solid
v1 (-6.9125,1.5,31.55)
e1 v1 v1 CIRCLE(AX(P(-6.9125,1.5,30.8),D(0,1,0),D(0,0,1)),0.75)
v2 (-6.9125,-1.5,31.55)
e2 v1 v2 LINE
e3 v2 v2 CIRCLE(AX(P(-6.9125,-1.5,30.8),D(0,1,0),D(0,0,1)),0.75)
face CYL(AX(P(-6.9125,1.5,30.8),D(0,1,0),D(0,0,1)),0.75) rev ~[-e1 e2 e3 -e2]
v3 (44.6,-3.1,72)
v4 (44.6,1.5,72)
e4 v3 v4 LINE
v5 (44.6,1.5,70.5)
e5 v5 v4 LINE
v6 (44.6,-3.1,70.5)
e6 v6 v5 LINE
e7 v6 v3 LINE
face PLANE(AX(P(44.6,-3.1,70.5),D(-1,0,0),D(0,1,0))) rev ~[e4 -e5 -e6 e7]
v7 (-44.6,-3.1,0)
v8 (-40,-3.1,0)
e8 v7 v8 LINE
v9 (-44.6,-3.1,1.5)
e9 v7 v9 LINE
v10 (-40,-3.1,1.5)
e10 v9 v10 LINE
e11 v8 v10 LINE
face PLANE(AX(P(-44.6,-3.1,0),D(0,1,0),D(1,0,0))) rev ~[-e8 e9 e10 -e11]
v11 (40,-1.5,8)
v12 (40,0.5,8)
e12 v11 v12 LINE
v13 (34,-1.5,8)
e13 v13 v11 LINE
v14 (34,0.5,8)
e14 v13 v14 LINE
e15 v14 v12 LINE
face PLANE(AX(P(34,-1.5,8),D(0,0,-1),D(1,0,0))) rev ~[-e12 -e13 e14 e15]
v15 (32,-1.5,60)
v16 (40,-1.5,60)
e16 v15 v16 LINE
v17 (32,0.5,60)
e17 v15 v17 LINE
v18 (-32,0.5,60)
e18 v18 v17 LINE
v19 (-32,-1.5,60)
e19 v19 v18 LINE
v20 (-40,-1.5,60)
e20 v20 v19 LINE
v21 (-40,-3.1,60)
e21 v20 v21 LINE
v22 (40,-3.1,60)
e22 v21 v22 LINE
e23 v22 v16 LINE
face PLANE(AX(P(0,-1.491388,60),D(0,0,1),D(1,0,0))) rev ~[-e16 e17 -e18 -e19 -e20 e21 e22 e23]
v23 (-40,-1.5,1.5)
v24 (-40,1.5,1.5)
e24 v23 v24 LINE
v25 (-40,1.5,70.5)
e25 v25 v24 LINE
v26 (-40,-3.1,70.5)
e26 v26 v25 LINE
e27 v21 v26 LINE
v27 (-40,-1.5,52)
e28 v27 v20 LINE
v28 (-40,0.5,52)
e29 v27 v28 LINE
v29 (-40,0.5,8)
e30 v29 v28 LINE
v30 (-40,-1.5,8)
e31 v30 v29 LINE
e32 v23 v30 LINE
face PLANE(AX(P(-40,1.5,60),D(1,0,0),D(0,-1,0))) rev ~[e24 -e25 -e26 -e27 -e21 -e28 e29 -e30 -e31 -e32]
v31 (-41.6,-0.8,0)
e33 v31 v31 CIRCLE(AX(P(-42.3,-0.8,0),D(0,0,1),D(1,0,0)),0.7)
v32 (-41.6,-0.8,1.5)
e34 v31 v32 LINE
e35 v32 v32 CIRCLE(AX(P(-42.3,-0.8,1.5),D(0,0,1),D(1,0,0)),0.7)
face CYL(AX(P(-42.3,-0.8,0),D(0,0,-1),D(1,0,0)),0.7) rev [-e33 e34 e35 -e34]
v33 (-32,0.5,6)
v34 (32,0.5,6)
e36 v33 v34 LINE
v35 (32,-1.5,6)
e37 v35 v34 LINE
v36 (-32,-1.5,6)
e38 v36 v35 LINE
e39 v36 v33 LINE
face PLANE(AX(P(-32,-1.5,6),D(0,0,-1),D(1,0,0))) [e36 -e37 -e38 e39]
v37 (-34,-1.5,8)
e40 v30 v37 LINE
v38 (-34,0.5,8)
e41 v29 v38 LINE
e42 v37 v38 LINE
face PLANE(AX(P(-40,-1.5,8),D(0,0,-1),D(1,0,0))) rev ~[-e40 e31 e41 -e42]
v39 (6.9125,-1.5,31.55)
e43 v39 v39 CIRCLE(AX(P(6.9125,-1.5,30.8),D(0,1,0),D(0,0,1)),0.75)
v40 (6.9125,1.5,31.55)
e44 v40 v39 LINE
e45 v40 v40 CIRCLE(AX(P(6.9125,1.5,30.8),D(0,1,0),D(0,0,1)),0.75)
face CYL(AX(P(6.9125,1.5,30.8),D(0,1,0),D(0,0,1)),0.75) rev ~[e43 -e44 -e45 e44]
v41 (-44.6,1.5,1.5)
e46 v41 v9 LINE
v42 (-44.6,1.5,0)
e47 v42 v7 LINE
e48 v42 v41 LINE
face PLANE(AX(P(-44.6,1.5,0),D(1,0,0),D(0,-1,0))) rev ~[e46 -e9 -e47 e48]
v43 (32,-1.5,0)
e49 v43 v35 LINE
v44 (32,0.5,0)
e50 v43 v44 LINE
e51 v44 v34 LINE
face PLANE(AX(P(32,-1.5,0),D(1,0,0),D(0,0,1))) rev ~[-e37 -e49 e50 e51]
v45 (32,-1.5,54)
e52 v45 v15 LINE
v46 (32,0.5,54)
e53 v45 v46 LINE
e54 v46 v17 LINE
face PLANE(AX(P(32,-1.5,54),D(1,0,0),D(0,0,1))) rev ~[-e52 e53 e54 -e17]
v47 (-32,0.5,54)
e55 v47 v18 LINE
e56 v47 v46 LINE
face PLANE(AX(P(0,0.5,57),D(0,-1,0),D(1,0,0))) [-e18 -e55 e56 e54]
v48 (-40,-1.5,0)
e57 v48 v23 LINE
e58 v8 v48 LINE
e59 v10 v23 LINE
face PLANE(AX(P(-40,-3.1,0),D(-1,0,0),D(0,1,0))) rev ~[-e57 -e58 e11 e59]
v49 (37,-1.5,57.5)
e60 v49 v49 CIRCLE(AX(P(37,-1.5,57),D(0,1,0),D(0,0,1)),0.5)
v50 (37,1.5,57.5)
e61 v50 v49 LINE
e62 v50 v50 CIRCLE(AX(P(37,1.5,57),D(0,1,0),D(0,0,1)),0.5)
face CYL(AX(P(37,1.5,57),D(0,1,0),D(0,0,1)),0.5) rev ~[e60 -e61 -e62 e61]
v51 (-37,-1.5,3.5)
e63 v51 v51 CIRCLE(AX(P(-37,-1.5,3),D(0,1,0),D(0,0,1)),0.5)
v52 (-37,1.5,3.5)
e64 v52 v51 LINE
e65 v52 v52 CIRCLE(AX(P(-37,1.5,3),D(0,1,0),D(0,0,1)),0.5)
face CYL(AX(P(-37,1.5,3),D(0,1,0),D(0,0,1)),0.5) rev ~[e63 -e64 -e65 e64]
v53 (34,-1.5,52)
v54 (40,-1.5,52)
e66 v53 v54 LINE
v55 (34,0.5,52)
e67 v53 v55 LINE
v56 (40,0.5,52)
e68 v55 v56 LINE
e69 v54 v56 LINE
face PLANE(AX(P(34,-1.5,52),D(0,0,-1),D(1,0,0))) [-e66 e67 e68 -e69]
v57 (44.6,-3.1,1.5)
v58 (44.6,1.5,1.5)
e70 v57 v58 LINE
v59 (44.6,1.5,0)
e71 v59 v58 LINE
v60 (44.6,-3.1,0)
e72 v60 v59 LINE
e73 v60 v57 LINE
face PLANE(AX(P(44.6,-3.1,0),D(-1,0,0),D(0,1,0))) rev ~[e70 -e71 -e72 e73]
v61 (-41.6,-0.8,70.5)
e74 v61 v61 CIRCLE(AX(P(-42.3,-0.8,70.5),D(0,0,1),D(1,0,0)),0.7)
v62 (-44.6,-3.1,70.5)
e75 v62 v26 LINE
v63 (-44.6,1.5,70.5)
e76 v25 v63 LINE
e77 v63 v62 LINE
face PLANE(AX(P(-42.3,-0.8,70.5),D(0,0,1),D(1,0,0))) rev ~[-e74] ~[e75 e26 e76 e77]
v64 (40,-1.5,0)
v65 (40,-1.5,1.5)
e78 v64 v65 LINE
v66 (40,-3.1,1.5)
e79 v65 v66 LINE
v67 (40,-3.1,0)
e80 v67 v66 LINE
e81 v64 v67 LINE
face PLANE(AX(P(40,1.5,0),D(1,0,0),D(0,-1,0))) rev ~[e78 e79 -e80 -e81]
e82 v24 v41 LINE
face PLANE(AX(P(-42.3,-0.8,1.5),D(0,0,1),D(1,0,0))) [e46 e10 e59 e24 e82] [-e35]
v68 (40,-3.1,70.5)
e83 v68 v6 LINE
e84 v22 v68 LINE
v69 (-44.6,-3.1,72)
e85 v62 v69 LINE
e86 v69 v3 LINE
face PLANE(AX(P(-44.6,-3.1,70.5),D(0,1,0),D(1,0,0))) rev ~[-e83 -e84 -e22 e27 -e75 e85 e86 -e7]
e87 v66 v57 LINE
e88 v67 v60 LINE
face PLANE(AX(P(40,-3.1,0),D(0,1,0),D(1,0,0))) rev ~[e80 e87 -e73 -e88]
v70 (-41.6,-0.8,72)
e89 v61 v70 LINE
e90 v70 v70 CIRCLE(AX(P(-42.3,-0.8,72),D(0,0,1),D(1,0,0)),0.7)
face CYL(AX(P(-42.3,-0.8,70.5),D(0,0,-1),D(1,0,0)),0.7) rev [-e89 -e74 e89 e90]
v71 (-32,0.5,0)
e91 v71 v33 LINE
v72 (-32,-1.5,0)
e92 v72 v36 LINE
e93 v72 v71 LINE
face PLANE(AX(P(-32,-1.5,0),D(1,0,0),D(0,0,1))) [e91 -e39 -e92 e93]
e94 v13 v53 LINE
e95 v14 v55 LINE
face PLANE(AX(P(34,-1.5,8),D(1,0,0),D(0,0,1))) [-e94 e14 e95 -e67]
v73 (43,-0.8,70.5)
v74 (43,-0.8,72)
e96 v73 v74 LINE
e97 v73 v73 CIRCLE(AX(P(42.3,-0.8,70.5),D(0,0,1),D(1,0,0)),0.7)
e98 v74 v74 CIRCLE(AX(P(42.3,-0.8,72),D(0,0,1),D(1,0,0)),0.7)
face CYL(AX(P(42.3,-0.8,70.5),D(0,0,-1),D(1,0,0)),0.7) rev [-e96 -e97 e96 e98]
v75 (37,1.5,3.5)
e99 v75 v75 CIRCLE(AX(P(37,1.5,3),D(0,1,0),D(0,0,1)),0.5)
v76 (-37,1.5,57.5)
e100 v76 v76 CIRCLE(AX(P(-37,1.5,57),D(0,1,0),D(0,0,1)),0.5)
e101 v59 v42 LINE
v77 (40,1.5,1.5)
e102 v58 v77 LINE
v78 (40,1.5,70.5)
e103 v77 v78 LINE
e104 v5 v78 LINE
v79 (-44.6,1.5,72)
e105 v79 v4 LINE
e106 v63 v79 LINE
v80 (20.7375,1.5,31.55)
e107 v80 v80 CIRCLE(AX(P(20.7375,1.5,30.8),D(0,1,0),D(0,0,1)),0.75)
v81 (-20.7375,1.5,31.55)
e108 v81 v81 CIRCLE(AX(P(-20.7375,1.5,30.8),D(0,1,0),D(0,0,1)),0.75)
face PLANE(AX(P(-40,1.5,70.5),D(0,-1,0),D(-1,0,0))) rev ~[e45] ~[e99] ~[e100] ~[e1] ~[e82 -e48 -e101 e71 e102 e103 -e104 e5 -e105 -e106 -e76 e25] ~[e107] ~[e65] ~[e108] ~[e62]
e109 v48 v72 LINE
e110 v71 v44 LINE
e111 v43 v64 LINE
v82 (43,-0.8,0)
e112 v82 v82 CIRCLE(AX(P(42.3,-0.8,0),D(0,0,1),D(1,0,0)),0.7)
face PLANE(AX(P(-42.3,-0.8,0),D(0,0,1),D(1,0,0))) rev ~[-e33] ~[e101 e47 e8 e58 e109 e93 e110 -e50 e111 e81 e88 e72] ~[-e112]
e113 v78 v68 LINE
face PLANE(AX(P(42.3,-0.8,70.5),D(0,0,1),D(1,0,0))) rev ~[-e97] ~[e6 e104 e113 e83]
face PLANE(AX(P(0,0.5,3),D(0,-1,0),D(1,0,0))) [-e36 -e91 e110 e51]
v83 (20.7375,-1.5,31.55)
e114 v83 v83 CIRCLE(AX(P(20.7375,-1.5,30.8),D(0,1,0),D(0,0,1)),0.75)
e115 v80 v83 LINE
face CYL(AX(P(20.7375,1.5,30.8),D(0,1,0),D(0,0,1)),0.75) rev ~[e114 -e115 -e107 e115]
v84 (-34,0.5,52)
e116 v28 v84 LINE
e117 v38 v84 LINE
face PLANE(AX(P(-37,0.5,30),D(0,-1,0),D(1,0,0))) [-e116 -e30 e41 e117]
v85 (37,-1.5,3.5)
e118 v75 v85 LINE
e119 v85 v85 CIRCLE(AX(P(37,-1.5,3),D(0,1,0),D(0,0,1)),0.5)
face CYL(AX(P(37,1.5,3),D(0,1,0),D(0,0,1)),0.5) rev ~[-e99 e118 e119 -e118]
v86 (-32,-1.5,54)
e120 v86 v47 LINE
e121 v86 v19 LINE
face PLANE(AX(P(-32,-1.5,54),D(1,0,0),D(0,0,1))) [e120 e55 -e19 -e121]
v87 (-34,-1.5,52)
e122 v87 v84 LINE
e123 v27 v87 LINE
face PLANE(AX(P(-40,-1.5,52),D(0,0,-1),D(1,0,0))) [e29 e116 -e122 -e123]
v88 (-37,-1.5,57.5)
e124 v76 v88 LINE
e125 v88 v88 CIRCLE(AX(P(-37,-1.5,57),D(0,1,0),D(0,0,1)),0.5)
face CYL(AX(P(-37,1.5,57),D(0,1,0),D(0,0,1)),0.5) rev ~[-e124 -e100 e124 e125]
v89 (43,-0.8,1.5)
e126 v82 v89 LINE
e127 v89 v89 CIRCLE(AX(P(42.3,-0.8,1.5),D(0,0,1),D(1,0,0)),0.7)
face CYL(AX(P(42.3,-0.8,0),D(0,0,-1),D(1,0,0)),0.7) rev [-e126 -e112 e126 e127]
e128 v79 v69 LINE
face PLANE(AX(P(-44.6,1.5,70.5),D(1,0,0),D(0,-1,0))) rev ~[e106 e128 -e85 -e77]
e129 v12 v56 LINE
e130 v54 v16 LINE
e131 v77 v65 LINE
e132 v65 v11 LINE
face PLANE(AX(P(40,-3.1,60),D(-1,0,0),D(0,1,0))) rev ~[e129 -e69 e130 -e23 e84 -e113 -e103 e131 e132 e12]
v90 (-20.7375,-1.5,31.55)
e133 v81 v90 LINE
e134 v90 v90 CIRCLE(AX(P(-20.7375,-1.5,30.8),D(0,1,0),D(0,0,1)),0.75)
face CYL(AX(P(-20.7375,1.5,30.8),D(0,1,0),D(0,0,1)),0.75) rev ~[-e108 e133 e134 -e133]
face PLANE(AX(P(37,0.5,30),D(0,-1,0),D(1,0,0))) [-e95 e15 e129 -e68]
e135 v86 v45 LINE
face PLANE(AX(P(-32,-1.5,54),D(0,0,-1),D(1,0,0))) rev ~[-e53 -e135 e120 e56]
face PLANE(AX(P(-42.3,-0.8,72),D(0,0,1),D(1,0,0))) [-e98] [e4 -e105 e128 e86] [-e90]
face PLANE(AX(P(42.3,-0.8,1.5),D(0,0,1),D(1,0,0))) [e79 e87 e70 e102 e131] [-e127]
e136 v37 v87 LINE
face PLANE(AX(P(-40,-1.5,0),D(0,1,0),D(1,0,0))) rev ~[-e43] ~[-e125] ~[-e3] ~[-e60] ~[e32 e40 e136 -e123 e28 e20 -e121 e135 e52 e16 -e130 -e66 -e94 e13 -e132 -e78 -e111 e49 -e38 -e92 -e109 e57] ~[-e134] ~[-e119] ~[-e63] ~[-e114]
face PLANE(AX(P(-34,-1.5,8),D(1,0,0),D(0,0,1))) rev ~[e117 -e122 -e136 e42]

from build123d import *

# Parameters (mm, degrees)
SKETCH_1_W          = 80
SKETCH_1_H          = 3
EXTRUDE_1_DEPTH     = 60
SKETCH_4_R          = 0.5
CUT_EXTRUDE_1_DEPTH = 73.173402303
SKETCH_5_W          = 64
SKETCH_5_H          = 6
SKETCH_5_W_2        = 6
SKETCH_5_H_2        = 44
CUT_EXTRUDE_4_DEPTH = 2
EXTRUDE_START       = -60
SKETCH_6_R          = 0.7
EXTRUDE_2_DEPTH     = 1.5
EXTRUDE_3_DEPTH     = 12
EXTRUDE_START_2     = 10.5
SKETCH_6_4_R        = 0.7
EXTRUDE_4_DEPTH     = 1.5
SKETCH_7_R          = 0.75
CUT_EXTRUDE_5_DEPTH = 85.819337418


with BuildPart() as part:
    # 草图1 → 凸台-拉伸1 (new body)
    with BuildSketch(Plane.XY):
        Rectangle(SKETCH_1_W, SKETCH_1_H)
    extrude(amount=EXTRUDE_1_DEPTH)

    # 草图4 → 切除-拉伸1 (cut, through all)
    with BuildSketch(Plane(origin=(0, 1.5, 0), x_dir=(1, 0, 0), z_dir=(0, 1, 0))):
        with Locations(Location((-37, -57, 0), (0, 0, 270))):
            Circle(SKETCH_4_R)
        with Locations(Location((37, -57, 0), (0, 0, 270))):
            Circle(SKETCH_4_R)
        with Locations(Location((-37, -3, 0), (0, 0, 270))):
            Circle(SKETCH_4_R)
        with Locations(Location((37, -3, 0), (0, 0, 270))):
            Circle(SKETCH_4_R)
    extrude(amount=-CUT_EXTRUDE_1_DEPTH, mode=Mode.SUBTRACT)

    # 草图5 → 切除-拉伸4 (cut)
    with BuildSketch(Plane.XZ.offset(1.5)):
        with Locations((0, 57)):
            Rectangle(SKETCH_5_W, SKETCH_5_H)
        with Locations((37, 30)):
            Rectangle(SKETCH_5_W_2, SKETCH_5_H_2)
        with Locations((0, 3)):
            Rectangle(SKETCH_5_W, SKETCH_5_H)
        with Locations((-37, 30)):
            Rectangle(SKETCH_5_W_2, SKETCH_5_H_2)
    extrude(amount=-CUT_EXTRUDE_4_DEPTH, mode=Mode.SUBTRACT)

    # 草图6 → 凸台-拉伸2 (add)
    # profile 1 of 2: a face of its own
    with BuildSketch(Plane.XY.offset(60).offset(EXTRUDE_START)):
        Polygon((-40, -1.5), (-40, 1.5), (-44.6, 1.5), (-44.6, -3.1), (-40, -3.1), align=None)
        with Locations((-42.3, -0.8)):
            Circle(SKETCH_6_R, mode=Mode.SUBTRACT)
    # profile 2 of 2: a face of its own
    with BuildSketch(Plane.XY.offset(60).offset(EXTRUDE_START)):
        Polygon((44.6, 1.5), (40, 1.5), (40, -1.5), (40, -3.1), (44.6, -3.1), align=None)
        with Locations((42.3, -0.8)):
            Circle(SKETCH_6_R, mode=Mode.SUBTRACT)
    extrude(amount=EXTRUDE_2_DEPTH)

    # 草图6<3> → 凸台-拉伸3 (add)
    with BuildSketch(Plane.XY.offset(60)):
        Polygon((-32, -1.5), (-40, -1.5), (-40, -3.1), (40, -3.1), (40, -1.5), (32, -1.5), (32, 0.5), (-32, 0.5), align=None)
        Polygon((-40, -1.5), (-32, -1.5), (-32, 0.5), (32, 0.5), (32, -1.5), (40, -1.5), (40, 1.5), (-40, 1.5), align=None)
    extrude(amount=EXTRUDE_3_DEPTH)

    # 草图6<4> → 凸台-拉伸4 (add)
    # profile 1 of 2: a face of its own
    with BuildSketch(Plane.XY.offset(60).offset(EXTRUDE_START_2)):
        Polygon((-40, -1.5), (-40, 1.5), (-44.6, 1.5), (-44.6, -3.1), (-40, -3.1), align=None)
        with Locations((-42.3, -0.8)):
            Circle(SKETCH_6_4_R, mode=Mode.SUBTRACT)
    # profile 2 of 2: a face of its own
    with BuildSketch(Plane.XY.offset(60).offset(EXTRUDE_START_2)):
        Polygon((44.6, 1.5), (40, 1.5), (40, -1.5), (40, -3.1), (44.6, -3.1), align=None)
        with Locations((42.3, -0.8)):
            Circle(SKETCH_6_4_R, mode=Mode.SUBTRACT)
    extrude(amount=EXTRUDE_4_DEPTH)

    # 草图7 → 切除-拉伸5 (cut, through all)
    with BuildSketch(Plane(origin=(0, 1.5, 0), x_dir=(1, 0, 0), z_dir=(0, 1, 0))):
        with Locations(Location((20.7375, -30.8, 0), (0, 0, 270))):
            Circle(SKETCH_7_R)
        with Locations(Location((6.9125, -30.8, 0), (0, 0, 270))):
            Circle(SKETCH_7_R)
        with Locations(Location((-6.9125, -30.8, 0), (0, 0, 270))):
            Circle(SKETCH_7_R)
        with Locations(Location((-20.7375, -30.8, 0), (0, 0, 270))):
            Circle(SKETCH_7_R)
    extrude(amount=-CUT_EXTRUDE_5_DEPTH, mode=Mode.SUBTRACT)


solid = part.part
